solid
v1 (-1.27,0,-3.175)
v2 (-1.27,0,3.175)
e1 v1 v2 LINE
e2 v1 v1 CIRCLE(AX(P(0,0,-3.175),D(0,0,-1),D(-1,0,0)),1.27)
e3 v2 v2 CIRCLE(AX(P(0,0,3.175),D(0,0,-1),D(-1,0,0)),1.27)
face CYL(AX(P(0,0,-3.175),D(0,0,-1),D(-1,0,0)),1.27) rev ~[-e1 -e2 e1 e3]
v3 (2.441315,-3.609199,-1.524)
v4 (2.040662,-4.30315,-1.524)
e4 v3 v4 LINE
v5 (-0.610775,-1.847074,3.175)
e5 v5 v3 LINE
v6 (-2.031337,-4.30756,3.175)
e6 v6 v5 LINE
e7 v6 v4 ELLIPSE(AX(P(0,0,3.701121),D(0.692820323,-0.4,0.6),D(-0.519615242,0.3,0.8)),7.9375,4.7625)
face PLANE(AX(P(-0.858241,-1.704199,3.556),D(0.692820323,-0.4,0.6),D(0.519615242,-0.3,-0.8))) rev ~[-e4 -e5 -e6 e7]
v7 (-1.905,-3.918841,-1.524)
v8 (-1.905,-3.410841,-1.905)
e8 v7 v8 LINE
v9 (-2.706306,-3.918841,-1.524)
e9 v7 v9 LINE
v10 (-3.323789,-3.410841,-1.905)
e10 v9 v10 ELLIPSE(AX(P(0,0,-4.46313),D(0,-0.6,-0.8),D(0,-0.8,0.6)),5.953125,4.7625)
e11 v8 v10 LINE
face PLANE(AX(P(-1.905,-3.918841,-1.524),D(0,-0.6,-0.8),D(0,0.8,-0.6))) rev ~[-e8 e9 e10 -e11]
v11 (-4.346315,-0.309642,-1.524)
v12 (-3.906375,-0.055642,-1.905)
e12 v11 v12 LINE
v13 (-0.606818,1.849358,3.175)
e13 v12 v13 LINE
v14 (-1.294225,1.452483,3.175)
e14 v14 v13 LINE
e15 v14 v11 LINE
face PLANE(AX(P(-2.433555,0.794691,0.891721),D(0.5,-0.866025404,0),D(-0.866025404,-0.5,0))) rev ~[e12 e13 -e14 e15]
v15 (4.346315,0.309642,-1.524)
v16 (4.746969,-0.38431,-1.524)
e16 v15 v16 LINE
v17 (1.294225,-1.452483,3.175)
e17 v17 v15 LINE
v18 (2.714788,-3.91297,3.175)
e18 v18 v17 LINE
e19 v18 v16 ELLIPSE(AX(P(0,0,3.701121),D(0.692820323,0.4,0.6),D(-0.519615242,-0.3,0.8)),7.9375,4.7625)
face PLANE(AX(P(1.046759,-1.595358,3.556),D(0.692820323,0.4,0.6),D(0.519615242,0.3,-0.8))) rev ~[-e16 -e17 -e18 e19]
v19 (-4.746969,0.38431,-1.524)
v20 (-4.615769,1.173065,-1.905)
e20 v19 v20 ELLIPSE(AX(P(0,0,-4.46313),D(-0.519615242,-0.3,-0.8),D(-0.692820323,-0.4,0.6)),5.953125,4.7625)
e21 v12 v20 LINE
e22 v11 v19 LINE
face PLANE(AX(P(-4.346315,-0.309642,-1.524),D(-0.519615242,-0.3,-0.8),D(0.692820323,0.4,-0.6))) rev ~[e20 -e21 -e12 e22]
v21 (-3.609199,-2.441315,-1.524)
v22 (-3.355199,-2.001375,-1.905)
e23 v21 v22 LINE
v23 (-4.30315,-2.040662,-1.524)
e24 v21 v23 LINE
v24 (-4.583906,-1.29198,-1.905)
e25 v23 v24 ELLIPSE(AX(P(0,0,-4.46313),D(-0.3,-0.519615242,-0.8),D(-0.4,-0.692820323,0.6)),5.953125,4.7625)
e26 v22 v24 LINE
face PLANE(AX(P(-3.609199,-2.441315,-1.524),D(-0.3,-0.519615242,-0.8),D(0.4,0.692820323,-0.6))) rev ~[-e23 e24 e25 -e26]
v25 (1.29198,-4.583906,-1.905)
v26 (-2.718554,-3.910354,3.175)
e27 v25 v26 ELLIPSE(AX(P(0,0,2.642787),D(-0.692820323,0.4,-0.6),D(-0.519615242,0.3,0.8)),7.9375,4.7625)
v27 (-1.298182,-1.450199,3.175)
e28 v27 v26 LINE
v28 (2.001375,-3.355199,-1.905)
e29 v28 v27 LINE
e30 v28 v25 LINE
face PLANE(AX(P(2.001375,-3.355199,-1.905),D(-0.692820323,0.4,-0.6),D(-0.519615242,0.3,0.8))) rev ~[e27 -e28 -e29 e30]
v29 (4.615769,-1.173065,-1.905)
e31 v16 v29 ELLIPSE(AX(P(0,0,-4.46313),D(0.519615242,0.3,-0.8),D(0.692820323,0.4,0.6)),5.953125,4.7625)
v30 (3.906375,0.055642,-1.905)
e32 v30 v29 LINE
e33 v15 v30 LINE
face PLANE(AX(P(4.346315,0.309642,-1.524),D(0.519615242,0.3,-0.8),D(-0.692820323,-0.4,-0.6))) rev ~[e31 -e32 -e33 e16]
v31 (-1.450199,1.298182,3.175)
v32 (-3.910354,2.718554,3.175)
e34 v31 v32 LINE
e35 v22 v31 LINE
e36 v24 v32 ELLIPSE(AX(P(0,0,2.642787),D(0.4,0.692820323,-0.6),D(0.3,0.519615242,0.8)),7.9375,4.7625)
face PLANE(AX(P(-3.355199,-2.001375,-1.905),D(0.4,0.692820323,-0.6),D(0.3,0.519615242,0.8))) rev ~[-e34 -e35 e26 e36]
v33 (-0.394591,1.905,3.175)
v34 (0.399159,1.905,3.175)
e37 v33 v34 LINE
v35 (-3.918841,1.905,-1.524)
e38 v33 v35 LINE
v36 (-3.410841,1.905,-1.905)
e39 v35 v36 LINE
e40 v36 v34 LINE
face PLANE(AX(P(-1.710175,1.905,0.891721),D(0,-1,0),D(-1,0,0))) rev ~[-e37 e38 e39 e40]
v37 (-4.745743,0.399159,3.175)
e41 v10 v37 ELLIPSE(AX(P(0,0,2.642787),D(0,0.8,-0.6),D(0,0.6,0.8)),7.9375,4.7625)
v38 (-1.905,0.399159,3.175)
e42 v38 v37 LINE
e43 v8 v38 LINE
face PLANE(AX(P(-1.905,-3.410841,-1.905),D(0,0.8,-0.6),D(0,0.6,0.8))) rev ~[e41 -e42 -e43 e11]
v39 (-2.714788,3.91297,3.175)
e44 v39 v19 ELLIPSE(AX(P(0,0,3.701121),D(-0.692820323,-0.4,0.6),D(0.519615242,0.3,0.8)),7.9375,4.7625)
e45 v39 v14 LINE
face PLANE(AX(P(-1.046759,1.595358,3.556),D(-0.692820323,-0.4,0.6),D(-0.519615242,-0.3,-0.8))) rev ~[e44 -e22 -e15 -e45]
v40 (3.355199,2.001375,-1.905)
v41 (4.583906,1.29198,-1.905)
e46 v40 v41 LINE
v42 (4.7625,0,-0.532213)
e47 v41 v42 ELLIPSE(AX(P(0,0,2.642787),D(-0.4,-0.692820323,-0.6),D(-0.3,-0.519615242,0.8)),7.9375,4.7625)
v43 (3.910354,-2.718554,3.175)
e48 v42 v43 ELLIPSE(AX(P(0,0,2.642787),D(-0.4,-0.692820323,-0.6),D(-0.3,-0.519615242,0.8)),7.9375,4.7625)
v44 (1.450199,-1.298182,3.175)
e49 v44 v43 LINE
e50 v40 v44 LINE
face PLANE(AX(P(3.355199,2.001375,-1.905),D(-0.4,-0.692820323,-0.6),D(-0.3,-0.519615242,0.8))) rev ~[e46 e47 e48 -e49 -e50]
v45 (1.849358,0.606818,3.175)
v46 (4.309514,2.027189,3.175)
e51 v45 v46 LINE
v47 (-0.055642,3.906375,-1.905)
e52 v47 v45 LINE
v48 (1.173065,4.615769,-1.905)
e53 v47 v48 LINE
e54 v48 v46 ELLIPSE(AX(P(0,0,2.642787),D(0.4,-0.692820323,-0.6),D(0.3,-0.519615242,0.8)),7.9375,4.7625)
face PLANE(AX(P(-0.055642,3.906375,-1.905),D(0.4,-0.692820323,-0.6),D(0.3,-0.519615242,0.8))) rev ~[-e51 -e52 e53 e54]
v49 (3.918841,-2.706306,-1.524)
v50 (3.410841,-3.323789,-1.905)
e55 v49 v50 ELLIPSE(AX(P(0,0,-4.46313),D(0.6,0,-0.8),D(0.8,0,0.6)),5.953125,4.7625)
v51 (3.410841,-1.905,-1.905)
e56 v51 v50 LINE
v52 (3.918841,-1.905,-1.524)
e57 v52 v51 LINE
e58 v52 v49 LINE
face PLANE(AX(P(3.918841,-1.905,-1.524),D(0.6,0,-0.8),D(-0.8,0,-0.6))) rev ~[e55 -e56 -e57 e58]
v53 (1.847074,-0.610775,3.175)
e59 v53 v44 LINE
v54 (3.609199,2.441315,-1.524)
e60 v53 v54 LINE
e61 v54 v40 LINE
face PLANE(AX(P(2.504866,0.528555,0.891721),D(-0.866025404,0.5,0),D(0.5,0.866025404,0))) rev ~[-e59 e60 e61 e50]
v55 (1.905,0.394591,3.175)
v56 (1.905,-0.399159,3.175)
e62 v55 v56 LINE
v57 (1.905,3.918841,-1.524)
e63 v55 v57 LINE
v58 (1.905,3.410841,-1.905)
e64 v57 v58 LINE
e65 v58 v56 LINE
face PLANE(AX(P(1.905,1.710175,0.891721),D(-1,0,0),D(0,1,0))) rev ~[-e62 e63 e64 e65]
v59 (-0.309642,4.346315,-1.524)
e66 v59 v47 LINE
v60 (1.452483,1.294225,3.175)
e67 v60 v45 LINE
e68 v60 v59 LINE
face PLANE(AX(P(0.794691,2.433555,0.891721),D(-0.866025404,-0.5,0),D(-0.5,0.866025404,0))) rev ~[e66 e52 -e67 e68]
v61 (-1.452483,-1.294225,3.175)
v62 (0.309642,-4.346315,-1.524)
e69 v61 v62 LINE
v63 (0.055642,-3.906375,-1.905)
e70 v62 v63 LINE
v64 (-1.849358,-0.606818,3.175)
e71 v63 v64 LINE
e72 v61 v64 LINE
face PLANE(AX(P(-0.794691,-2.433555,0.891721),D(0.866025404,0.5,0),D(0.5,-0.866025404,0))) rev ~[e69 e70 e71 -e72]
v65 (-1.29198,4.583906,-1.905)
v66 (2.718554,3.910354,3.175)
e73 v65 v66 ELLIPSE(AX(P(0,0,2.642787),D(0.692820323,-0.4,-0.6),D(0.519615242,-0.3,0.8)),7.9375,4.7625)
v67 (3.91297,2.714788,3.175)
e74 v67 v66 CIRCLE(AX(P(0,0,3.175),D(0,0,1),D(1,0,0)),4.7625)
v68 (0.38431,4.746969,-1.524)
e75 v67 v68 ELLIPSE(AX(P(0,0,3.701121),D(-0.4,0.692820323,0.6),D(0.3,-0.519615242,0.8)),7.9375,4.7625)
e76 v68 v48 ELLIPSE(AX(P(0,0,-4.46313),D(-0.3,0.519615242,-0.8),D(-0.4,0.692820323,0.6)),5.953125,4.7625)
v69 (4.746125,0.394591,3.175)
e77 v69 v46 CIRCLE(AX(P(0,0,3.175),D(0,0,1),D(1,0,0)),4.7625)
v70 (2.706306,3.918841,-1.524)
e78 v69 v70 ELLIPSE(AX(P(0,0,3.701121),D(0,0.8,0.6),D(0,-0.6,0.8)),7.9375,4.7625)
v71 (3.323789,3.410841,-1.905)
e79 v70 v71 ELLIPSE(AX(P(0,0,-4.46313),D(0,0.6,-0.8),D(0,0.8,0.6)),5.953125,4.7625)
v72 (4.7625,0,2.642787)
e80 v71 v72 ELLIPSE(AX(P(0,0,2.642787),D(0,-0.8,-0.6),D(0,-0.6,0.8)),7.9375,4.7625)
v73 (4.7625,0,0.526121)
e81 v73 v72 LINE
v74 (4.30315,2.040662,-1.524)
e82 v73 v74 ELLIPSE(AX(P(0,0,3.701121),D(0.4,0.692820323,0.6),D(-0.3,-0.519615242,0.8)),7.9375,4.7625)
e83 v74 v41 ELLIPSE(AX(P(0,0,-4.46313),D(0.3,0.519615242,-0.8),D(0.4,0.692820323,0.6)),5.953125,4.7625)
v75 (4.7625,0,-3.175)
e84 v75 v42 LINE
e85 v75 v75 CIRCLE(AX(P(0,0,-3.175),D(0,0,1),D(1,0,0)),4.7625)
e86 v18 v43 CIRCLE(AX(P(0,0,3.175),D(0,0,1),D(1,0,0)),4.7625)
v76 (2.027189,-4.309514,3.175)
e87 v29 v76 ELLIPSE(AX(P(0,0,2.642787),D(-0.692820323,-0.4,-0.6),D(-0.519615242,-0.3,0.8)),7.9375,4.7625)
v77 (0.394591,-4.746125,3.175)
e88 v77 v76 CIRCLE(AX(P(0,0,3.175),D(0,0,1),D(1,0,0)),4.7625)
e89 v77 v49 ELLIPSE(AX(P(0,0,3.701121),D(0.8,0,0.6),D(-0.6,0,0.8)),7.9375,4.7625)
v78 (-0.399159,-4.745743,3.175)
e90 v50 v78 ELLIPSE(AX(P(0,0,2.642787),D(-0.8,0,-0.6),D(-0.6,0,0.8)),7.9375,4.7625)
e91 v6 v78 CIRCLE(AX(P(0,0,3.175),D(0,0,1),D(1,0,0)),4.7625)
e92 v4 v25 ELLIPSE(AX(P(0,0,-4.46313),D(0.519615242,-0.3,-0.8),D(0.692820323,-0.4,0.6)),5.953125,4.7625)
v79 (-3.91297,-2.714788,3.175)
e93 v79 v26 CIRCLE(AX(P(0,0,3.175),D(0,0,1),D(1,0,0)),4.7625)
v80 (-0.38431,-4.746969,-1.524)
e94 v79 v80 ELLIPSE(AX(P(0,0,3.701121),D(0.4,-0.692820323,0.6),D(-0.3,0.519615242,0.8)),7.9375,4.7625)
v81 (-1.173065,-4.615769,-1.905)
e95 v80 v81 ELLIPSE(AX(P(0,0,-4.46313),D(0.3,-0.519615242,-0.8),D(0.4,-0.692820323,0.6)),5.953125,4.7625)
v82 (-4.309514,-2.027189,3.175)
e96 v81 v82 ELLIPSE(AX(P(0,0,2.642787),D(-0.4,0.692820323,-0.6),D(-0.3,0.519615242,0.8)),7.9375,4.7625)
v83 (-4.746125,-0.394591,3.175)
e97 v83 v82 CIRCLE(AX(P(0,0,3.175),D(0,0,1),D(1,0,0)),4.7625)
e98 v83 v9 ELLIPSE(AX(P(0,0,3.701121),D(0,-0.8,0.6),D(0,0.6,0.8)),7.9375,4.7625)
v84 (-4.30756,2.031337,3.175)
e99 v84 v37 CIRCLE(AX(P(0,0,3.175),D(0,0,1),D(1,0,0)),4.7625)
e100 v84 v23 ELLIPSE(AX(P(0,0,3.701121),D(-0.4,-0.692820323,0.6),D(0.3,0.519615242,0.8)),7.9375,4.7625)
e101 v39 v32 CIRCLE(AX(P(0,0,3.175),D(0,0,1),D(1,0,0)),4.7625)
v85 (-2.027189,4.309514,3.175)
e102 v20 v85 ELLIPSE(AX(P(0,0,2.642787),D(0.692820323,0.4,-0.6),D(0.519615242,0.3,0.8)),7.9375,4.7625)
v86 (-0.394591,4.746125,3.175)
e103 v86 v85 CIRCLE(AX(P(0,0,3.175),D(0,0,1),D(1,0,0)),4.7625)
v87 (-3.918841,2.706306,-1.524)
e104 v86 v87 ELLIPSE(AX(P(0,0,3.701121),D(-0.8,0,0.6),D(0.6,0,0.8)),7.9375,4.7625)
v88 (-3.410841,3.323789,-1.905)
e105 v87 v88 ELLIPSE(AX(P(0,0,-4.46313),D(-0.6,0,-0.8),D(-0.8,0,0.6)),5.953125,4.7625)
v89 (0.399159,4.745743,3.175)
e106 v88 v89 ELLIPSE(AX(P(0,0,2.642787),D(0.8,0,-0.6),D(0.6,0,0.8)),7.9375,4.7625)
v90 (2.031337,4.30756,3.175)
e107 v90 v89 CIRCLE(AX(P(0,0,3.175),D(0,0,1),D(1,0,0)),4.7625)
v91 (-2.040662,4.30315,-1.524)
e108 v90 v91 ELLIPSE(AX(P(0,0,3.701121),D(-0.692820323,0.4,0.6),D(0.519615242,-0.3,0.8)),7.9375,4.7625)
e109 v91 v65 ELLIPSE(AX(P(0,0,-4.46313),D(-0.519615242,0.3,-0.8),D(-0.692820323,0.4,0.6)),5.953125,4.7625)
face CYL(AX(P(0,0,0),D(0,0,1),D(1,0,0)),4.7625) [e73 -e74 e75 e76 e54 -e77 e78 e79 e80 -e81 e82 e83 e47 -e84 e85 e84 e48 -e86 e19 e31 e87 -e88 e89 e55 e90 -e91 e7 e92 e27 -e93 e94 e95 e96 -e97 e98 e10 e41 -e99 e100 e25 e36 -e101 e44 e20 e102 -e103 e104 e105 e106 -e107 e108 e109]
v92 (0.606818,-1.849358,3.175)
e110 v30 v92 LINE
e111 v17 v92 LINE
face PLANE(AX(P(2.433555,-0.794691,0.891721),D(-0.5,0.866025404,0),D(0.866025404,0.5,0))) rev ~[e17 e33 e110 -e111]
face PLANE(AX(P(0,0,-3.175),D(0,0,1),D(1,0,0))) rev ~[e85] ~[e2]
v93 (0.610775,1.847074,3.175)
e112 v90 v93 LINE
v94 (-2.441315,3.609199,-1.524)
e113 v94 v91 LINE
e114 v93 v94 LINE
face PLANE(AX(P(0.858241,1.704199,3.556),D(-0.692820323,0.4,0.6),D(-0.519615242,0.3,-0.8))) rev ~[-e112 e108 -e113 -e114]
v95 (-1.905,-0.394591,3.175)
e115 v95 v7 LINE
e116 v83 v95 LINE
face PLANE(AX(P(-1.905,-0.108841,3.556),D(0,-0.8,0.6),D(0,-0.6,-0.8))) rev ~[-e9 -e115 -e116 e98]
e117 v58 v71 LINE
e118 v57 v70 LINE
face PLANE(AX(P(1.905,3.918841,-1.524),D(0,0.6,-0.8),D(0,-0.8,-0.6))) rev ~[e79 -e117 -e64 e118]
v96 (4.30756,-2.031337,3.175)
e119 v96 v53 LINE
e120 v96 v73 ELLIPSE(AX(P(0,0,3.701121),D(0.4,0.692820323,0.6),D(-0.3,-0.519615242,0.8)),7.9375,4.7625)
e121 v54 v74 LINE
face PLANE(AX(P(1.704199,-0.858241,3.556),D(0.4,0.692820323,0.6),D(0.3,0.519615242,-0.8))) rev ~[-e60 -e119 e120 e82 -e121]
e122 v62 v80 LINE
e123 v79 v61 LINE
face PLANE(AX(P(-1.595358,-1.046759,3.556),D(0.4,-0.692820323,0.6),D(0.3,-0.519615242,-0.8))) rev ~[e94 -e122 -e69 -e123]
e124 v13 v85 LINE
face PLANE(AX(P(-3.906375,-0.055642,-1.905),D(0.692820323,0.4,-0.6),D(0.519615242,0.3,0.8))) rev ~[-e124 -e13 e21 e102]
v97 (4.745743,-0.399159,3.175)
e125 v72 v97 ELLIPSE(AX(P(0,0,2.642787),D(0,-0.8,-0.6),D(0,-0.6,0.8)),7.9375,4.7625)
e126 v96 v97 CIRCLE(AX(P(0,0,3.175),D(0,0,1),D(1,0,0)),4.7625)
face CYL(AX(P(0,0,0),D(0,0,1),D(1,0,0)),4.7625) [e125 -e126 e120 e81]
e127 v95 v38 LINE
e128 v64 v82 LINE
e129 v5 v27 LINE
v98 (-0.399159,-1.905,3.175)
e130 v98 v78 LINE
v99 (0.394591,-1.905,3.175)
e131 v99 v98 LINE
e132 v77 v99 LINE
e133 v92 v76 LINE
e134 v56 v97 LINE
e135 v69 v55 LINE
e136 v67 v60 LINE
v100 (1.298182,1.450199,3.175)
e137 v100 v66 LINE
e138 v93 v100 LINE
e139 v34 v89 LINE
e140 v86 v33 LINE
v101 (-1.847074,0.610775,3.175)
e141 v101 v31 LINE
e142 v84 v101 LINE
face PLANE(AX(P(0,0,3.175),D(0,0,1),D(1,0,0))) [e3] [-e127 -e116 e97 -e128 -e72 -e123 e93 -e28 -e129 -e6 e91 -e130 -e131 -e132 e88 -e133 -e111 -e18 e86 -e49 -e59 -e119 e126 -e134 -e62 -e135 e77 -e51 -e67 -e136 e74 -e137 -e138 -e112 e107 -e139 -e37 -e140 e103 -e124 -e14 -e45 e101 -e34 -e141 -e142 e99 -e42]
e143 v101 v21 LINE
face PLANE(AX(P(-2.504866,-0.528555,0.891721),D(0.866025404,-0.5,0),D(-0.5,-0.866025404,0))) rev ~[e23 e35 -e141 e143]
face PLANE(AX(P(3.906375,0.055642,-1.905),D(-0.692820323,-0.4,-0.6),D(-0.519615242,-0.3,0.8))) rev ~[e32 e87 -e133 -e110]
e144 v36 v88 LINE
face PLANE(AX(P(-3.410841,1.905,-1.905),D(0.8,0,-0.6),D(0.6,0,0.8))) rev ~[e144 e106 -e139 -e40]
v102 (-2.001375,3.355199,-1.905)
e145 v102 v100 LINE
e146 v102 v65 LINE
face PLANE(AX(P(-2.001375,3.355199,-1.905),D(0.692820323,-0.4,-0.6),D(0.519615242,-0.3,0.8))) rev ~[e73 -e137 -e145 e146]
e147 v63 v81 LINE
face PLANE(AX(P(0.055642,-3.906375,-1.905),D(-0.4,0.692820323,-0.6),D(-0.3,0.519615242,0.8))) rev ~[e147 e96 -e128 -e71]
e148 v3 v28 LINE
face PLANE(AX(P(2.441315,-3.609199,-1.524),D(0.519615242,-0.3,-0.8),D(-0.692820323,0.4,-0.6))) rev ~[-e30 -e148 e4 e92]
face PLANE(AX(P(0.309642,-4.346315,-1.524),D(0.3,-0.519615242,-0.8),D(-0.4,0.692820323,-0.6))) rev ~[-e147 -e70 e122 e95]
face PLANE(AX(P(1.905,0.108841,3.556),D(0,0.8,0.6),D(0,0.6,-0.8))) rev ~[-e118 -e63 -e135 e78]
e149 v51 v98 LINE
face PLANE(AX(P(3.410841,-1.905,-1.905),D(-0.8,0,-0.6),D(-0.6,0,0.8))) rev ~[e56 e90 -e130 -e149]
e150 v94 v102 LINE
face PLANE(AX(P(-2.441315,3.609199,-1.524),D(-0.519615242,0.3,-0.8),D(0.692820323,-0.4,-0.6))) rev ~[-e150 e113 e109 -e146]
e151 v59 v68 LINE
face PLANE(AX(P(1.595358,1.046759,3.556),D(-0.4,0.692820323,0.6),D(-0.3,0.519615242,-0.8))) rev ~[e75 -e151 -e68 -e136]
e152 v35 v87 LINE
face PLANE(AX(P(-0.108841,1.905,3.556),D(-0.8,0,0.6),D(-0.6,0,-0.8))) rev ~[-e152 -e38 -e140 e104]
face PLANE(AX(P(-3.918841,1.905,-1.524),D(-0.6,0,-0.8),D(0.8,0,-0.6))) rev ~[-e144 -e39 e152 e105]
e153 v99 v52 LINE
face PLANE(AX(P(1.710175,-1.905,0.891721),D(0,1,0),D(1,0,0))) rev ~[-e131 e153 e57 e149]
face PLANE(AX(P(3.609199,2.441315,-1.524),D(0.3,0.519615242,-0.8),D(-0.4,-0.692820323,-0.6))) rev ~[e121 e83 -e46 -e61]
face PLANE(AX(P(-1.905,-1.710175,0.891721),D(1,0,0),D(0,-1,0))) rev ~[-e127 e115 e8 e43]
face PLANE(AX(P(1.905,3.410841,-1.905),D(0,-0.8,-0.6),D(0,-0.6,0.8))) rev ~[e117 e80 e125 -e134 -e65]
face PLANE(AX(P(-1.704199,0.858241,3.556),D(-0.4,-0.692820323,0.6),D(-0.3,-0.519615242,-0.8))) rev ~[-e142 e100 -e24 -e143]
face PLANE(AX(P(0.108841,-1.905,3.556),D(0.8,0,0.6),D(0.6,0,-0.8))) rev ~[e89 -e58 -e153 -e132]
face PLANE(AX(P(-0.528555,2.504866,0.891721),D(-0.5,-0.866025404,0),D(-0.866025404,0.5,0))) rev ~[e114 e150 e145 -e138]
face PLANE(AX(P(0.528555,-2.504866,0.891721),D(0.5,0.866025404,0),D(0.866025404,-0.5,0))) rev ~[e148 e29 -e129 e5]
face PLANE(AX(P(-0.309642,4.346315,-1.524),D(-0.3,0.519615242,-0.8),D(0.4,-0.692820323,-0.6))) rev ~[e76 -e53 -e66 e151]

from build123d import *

# Parameters (mm, degrees)
SKETCH2_R           = 4.7625
BOSS_EXTRUDE1_DEPTH = 3.175
SKETCH5_R           = 1.27
CUT_EXTRUDE1_DEPTH  = 7.35
CUT_EXTRUDE2_START  = 1.905
CUT_EXTRUDE2_DEPTH  = 3.8575
CIRPATTERN2_COUNT   = 12


with BuildPart() as part:
    # Sketch2 → Boss-Extrude1 (new body, symmetric)
    with BuildSketch(Plane.XY):
        Circle(SKETCH2_R)
    extrude(amount=BOSS_EXTRUDE1_DEPTH, both=True)

    # Sketch5 → Cut-Extrude1 (cut, through all)
    with BuildSketch(Plane(origin=(0, 0, -3.175), x_dir=(-1, 0, 0), z_dir=(0, 0, -1))):
        Circle(SKETCH5_R)
    extrude(amount=-CUT_EXTRUDE1_DEPTH, mode=Mode.SUBTRACT)

    # Sketch4_2 → Cut-Extrude2 (cut, through all)
    with BuildSketch(Plane(origin=(0, 0, 0), x_dir=(1, 0, 0), z_dir=(0, 1, 0)).offset(CUT_EXTRUDE2_START)):
        with BuildLine():
            Line((-0.108840568, -3.556), (-3.918840568, 1.524))
            Line((-3.918840568, 1.524), (-3.410840568, 1.905))
            Line((-3.410840568, 1.905), (0.399159432, -3.175))
            ThreePointArc((0.399159432, -3.175), (0.335659432, -3.6195), (-0.108840568, -3.556))
        make_face()
    cut_extrude2 = extrude(amount=CUT_EXTRUDE2_DEPTH, mode=Mode.SUBTRACT)

    # CirPattern2: Cut-Extrude2 ×12 about axis
    cirpattern2_axis = Axis((0, 0, 0), (0, 0, 1))
    for i in range(1, CIRPATTERN2_COUNT):
        add(cut_extrude2.rotate(cirpattern2_axis, i * 360 / CIRPATTERN2_COUNT), mode=Mode.SUBTRACT)


solid = part.part
